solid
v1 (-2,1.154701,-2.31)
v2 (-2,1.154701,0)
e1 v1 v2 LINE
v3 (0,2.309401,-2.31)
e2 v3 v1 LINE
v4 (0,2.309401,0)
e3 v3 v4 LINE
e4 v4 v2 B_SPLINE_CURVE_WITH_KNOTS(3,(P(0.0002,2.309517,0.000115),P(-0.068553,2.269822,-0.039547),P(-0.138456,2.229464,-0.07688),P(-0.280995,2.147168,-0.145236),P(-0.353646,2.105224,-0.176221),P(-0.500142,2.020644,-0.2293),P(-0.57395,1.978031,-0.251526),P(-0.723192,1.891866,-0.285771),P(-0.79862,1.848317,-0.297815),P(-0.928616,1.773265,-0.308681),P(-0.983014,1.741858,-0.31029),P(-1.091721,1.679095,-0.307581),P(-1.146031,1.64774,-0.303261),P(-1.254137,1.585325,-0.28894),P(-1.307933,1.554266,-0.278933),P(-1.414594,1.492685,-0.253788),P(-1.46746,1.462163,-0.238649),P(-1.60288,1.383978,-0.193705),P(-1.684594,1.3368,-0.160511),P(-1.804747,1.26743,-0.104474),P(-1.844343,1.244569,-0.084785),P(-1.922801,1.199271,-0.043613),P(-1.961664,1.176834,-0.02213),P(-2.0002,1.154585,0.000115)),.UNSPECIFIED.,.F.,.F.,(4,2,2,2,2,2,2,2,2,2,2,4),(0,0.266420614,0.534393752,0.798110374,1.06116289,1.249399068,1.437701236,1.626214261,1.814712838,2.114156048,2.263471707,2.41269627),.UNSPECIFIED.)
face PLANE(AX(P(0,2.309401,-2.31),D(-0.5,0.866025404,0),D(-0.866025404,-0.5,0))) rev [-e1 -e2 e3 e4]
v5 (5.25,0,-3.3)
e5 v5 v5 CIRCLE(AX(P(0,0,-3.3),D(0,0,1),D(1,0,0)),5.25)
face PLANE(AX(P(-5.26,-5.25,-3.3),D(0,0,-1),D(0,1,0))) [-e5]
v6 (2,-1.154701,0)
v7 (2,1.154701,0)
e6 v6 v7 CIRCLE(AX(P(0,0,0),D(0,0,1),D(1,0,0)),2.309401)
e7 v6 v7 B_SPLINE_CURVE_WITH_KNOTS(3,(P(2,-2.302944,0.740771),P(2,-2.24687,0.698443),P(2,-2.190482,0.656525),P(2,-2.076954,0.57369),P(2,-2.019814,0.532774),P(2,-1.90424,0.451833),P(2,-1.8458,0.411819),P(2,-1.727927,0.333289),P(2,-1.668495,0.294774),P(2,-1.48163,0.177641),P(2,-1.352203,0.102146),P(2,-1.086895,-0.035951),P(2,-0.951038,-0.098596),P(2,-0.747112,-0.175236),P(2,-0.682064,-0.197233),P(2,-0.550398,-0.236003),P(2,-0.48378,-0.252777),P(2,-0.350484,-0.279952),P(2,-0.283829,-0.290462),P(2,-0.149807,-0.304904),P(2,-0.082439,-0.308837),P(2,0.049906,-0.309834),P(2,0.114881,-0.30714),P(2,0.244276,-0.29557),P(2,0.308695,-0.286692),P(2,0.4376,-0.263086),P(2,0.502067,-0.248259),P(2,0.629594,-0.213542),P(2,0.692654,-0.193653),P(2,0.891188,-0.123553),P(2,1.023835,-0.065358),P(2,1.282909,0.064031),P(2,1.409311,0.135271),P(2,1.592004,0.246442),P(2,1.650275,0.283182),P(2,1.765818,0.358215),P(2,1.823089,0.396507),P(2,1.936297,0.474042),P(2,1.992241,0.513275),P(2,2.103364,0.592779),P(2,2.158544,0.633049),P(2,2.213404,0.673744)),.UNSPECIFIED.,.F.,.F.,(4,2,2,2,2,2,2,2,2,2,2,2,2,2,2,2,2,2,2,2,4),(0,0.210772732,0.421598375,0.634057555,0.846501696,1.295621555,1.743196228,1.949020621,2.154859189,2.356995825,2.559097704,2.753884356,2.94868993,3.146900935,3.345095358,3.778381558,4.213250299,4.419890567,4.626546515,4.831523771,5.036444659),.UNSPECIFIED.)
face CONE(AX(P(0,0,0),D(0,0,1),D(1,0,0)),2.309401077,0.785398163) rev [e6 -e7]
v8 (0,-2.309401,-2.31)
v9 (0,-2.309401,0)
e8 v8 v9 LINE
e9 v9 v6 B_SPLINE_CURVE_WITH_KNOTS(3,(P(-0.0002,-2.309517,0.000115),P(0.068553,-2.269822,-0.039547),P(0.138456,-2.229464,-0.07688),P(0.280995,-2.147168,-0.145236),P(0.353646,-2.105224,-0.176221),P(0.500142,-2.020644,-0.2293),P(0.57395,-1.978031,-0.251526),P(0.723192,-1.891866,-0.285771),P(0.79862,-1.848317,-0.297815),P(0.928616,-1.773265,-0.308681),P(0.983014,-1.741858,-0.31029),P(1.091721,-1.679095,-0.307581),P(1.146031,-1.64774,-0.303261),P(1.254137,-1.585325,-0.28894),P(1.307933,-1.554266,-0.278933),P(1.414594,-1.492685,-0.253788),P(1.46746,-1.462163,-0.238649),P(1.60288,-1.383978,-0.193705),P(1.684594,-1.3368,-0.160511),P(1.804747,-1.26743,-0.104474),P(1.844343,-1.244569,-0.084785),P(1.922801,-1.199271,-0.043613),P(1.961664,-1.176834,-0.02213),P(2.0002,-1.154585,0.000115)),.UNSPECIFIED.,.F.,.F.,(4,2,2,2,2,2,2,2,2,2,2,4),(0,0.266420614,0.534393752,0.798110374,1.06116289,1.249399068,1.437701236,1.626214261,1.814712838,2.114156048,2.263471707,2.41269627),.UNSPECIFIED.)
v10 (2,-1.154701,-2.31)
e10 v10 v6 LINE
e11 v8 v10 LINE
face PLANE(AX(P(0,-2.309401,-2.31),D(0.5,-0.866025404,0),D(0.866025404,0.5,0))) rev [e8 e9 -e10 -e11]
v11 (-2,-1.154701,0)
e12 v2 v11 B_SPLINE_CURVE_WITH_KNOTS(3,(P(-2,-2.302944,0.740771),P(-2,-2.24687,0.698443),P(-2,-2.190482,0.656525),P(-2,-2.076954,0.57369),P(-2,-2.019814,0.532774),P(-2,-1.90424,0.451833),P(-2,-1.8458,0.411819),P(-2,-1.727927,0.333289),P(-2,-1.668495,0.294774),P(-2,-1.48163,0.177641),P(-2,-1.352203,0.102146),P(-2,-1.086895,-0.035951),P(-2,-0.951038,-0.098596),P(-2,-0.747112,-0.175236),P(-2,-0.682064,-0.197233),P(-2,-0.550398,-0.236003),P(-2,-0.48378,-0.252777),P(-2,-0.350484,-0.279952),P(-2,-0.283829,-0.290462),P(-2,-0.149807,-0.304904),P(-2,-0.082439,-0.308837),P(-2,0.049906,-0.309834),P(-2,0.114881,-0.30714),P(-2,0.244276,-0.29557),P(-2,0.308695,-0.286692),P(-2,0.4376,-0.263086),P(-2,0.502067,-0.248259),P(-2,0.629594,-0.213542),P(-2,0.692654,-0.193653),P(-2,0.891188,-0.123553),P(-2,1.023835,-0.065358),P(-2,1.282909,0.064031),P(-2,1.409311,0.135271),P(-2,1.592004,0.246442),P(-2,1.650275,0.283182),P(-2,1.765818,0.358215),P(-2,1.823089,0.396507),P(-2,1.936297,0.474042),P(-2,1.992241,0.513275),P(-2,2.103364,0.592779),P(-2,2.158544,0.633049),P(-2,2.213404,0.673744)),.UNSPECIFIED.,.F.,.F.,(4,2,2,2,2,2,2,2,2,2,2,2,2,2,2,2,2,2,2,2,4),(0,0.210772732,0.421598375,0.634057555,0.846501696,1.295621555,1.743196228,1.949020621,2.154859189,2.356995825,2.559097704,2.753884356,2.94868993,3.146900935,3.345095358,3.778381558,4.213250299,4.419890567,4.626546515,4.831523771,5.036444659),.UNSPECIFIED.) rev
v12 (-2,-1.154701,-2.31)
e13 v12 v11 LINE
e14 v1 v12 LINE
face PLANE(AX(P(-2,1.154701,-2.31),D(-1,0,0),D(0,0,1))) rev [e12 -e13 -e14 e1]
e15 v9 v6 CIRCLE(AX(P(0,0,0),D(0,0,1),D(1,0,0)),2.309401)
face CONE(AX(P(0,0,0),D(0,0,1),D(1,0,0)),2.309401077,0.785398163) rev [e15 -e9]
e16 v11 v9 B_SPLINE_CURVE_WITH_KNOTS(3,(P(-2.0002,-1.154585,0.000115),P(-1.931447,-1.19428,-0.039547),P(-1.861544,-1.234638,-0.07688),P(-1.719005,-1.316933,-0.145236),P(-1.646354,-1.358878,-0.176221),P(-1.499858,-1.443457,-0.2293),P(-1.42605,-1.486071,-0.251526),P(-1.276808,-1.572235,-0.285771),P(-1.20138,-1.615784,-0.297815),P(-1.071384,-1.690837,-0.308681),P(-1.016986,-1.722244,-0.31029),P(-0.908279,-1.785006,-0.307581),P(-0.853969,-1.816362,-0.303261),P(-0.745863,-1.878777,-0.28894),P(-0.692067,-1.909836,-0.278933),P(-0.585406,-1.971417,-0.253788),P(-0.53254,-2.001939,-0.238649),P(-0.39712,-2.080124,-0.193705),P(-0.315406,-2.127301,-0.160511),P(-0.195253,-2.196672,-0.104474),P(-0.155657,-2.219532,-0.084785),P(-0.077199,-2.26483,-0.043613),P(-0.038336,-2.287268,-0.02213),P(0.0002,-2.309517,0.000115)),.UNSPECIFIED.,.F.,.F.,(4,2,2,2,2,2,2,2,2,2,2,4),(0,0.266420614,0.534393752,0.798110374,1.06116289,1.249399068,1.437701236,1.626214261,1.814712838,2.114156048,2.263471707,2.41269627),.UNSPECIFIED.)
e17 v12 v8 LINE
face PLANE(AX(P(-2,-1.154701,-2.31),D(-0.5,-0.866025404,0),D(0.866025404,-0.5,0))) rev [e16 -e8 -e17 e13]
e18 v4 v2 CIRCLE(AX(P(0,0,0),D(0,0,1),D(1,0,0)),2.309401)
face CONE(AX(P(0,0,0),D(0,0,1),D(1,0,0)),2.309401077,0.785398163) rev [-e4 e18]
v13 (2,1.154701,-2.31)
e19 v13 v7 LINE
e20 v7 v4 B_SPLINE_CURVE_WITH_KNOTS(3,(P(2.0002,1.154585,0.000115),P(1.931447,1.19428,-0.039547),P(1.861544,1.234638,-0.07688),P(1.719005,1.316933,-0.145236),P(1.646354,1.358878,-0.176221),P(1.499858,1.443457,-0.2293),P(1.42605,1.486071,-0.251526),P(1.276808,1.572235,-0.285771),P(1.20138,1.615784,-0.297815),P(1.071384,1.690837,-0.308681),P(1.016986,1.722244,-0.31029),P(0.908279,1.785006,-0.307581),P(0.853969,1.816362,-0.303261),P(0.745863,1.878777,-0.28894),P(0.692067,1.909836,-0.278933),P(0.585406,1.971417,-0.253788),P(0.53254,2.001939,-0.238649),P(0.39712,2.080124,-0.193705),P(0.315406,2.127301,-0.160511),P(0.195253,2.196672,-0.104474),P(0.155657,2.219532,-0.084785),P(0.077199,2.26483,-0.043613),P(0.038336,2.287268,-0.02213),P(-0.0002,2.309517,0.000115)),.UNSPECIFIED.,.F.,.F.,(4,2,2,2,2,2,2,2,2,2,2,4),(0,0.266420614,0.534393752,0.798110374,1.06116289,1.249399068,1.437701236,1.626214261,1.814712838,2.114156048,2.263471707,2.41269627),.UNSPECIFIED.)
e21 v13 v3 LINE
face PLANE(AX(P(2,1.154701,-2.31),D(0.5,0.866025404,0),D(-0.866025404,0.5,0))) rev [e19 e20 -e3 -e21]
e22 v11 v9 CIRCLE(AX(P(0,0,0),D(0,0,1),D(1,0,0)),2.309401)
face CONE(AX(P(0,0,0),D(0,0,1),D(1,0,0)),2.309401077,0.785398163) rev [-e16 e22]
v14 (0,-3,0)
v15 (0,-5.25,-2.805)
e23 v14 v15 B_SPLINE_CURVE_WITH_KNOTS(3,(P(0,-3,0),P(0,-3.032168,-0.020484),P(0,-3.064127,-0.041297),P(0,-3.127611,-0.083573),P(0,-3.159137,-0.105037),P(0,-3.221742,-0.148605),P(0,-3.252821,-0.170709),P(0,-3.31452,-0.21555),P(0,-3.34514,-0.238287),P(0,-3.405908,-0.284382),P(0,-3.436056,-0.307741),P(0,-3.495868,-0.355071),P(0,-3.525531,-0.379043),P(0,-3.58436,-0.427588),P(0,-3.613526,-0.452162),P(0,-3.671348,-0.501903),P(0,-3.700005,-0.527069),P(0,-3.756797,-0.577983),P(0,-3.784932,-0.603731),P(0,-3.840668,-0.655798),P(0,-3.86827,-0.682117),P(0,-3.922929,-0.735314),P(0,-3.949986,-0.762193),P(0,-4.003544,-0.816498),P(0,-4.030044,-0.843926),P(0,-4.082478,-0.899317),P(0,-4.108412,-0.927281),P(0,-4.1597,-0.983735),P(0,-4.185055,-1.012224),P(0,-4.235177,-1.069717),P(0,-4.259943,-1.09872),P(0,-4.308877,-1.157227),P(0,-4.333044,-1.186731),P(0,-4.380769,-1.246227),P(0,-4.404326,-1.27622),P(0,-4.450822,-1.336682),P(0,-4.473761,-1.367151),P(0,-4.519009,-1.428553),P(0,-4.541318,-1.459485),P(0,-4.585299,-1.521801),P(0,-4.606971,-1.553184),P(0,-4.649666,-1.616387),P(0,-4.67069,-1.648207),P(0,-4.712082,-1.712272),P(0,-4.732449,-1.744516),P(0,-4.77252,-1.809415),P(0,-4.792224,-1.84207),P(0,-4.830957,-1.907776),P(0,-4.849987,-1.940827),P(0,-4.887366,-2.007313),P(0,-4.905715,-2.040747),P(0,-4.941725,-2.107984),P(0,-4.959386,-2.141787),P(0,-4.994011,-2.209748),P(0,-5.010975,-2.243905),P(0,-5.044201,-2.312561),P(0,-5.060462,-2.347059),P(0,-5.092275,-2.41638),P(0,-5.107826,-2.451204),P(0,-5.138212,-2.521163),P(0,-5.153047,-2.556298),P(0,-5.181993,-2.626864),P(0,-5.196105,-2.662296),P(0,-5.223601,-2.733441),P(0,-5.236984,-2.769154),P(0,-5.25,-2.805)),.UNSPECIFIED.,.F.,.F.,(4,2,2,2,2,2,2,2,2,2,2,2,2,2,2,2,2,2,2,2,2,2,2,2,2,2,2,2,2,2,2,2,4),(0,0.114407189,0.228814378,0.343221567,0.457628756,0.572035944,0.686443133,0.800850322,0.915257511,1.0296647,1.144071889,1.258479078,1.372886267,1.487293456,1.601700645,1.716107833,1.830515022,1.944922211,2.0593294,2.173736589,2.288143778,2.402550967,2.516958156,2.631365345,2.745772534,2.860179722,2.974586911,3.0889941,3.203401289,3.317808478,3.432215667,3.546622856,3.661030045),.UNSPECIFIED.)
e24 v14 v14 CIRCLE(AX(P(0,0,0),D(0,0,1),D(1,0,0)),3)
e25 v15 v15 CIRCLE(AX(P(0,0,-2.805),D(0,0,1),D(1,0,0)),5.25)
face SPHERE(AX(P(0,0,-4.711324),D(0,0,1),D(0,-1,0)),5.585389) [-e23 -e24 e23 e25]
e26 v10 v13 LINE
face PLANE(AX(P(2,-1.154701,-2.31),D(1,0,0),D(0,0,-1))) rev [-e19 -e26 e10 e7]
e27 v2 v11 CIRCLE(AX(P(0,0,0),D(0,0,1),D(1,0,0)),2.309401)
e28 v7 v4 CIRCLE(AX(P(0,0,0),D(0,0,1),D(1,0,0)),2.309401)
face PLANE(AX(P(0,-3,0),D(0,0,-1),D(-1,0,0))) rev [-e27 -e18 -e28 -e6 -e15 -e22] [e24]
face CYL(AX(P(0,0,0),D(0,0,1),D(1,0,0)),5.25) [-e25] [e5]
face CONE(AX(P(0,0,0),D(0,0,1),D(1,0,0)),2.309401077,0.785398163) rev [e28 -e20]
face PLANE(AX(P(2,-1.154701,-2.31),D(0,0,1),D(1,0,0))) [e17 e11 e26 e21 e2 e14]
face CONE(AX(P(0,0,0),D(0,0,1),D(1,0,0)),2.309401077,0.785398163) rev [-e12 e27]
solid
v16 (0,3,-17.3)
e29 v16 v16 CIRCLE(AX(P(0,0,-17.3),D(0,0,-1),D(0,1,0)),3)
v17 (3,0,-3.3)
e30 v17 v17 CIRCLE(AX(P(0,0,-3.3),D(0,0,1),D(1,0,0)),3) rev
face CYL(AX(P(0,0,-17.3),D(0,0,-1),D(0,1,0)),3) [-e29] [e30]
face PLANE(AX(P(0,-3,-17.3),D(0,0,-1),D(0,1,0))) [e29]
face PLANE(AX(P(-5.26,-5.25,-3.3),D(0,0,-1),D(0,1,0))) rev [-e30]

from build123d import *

# Parameters (mm, degrees)
SKETCH1_W              = 14
SKETCH1_H              = 3
CUT_EXTRUDE2_DEPTH     = 2.31
SPLIT1_SURFACE_1_BACK  = 23.799
SPLIT1_SURFACE_1_DEPTH = 47.598
SPLIT1_SURFACE_2_BACK  = 23.799
SPLIT1_SURFACE_2_DEPTH = 47.598


with BuildPart() as part:
    # Sketch1 → Revolve1 (revolve)
    with BuildSketch(Plane(origin=(0, 0, 0), x_dir=(0, 0, -1), z_dir=(1, 0, 0))):
        with Locations((10.3, 1.5)):
            Rectangle(SKETCH1_W, SKETCH1_H)
    revolve(axis=Axis((0, 0, -17.3), (0, 0, 1)))

    # Sketch7 → Revolve2 (revolve)
    with BuildSketch(Plane(origin=(0, 0, 0), x_dir=(0, 0, -1), z_dir=(1, 0, 0))):
        with BuildLine():
            Line((2.805, 5.25), (3.3, 5.25))
            Line((3.3, 5.25), (3.3, 0))
            Line((3.3, 0), (0, 0))
            Line((0, 0), (0, 3))
            ThreePointArc((0, 3), (1.216479019, 4.356906156), (2.805, 5.25))
        make_face()
    revolve(axis=Axis((0, 0, 0), (0, 0, -1)))

    # Sketch5 → Cut-Extrude2 (cut)
    with BuildSketch(Plane.XY):
        Polygon((2, -1.154700538), (2, 1.154700538), (0, 2.309401077), (-2, 1.154700538), (-2, -1.154700538), (0, -2.309401077), align=None)
    extrude(amount=-CUT_EXTRUDE2_DEPTH, mode=Mode.SUBTRACT)

    # Cut-Extrude3 cone 1 section (through the dimple's axis) → Cut-Extrude3 (revolve, cut)
    with BuildSketch(Plane(origin=(0, 0, 0), x_dir=(0, -1, 0), z_dir=(1, 0, 0))):
        Polygon((0, 0), (2.309401077, 0), (0, 2.309401077), align=None)
    revolve(axis=Axis((0, 0, 0), (0, 0, -1)), mode=Mode.SUBTRACT)


with BuildPart() as body_2:
    # Split1: the piece behind the surface
    add(part.part)
    # Split1 surface: a surface, the sketch's curves swept straight by 47.598 mm
    with BuildLine(Plane(origin=(0, 0, 0), x_dir=(0, 0, -1), z_dir=(1, 0, 0)).offset(-SPLIT1_SURFACE_1_BACK), mode=Mode.PRIVATE) as split1_surface_1_path:
        Line((3.3, -5.25), (3.3, 5.25))
    split1_surface_1 = Shell.extrude(split1_surface_1_path.wire(), (1 * SPLIT1_SURFACE_1_DEPTH, 0 * SPLIT1_SURFACE_1_DEPTH, 0 * SPLIT1_SURFACE_1_DEPTH))
    split(bisect_by=split1_surface_1, keep=Keep.BOTTOM)


with BuildPart() as part_1:
    add(part.part)

    # Split1: split by a surface, the side it looks to stays
    # Split1 surface: a surface, the sketch's curves swept straight by 47.598 mm
    with BuildLine(Plane(origin=(0, 0, 0), x_dir=(0, 0, -1), z_dir=(1, 0, 0)).offset(-SPLIT1_SURFACE_2_BACK), mode=Mode.PRIVATE) as split1_surface_2_path:
        Line((3.3, -5.25), (3.3, 5.25))
    split1_surface_2 = Shell.extrude(split1_surface_2_path.wire(), (1 * SPLIT1_SURFACE_2_DEPTH, 0 * SPLIT1_SURFACE_2_DEPTH, 0 * SPLIT1_SURFACE_2_DEPTH))
    split(bisect_by=split1_surface_2, keep=Keep.TOP)


solid = Compound([body_2.part, part_1.part])
